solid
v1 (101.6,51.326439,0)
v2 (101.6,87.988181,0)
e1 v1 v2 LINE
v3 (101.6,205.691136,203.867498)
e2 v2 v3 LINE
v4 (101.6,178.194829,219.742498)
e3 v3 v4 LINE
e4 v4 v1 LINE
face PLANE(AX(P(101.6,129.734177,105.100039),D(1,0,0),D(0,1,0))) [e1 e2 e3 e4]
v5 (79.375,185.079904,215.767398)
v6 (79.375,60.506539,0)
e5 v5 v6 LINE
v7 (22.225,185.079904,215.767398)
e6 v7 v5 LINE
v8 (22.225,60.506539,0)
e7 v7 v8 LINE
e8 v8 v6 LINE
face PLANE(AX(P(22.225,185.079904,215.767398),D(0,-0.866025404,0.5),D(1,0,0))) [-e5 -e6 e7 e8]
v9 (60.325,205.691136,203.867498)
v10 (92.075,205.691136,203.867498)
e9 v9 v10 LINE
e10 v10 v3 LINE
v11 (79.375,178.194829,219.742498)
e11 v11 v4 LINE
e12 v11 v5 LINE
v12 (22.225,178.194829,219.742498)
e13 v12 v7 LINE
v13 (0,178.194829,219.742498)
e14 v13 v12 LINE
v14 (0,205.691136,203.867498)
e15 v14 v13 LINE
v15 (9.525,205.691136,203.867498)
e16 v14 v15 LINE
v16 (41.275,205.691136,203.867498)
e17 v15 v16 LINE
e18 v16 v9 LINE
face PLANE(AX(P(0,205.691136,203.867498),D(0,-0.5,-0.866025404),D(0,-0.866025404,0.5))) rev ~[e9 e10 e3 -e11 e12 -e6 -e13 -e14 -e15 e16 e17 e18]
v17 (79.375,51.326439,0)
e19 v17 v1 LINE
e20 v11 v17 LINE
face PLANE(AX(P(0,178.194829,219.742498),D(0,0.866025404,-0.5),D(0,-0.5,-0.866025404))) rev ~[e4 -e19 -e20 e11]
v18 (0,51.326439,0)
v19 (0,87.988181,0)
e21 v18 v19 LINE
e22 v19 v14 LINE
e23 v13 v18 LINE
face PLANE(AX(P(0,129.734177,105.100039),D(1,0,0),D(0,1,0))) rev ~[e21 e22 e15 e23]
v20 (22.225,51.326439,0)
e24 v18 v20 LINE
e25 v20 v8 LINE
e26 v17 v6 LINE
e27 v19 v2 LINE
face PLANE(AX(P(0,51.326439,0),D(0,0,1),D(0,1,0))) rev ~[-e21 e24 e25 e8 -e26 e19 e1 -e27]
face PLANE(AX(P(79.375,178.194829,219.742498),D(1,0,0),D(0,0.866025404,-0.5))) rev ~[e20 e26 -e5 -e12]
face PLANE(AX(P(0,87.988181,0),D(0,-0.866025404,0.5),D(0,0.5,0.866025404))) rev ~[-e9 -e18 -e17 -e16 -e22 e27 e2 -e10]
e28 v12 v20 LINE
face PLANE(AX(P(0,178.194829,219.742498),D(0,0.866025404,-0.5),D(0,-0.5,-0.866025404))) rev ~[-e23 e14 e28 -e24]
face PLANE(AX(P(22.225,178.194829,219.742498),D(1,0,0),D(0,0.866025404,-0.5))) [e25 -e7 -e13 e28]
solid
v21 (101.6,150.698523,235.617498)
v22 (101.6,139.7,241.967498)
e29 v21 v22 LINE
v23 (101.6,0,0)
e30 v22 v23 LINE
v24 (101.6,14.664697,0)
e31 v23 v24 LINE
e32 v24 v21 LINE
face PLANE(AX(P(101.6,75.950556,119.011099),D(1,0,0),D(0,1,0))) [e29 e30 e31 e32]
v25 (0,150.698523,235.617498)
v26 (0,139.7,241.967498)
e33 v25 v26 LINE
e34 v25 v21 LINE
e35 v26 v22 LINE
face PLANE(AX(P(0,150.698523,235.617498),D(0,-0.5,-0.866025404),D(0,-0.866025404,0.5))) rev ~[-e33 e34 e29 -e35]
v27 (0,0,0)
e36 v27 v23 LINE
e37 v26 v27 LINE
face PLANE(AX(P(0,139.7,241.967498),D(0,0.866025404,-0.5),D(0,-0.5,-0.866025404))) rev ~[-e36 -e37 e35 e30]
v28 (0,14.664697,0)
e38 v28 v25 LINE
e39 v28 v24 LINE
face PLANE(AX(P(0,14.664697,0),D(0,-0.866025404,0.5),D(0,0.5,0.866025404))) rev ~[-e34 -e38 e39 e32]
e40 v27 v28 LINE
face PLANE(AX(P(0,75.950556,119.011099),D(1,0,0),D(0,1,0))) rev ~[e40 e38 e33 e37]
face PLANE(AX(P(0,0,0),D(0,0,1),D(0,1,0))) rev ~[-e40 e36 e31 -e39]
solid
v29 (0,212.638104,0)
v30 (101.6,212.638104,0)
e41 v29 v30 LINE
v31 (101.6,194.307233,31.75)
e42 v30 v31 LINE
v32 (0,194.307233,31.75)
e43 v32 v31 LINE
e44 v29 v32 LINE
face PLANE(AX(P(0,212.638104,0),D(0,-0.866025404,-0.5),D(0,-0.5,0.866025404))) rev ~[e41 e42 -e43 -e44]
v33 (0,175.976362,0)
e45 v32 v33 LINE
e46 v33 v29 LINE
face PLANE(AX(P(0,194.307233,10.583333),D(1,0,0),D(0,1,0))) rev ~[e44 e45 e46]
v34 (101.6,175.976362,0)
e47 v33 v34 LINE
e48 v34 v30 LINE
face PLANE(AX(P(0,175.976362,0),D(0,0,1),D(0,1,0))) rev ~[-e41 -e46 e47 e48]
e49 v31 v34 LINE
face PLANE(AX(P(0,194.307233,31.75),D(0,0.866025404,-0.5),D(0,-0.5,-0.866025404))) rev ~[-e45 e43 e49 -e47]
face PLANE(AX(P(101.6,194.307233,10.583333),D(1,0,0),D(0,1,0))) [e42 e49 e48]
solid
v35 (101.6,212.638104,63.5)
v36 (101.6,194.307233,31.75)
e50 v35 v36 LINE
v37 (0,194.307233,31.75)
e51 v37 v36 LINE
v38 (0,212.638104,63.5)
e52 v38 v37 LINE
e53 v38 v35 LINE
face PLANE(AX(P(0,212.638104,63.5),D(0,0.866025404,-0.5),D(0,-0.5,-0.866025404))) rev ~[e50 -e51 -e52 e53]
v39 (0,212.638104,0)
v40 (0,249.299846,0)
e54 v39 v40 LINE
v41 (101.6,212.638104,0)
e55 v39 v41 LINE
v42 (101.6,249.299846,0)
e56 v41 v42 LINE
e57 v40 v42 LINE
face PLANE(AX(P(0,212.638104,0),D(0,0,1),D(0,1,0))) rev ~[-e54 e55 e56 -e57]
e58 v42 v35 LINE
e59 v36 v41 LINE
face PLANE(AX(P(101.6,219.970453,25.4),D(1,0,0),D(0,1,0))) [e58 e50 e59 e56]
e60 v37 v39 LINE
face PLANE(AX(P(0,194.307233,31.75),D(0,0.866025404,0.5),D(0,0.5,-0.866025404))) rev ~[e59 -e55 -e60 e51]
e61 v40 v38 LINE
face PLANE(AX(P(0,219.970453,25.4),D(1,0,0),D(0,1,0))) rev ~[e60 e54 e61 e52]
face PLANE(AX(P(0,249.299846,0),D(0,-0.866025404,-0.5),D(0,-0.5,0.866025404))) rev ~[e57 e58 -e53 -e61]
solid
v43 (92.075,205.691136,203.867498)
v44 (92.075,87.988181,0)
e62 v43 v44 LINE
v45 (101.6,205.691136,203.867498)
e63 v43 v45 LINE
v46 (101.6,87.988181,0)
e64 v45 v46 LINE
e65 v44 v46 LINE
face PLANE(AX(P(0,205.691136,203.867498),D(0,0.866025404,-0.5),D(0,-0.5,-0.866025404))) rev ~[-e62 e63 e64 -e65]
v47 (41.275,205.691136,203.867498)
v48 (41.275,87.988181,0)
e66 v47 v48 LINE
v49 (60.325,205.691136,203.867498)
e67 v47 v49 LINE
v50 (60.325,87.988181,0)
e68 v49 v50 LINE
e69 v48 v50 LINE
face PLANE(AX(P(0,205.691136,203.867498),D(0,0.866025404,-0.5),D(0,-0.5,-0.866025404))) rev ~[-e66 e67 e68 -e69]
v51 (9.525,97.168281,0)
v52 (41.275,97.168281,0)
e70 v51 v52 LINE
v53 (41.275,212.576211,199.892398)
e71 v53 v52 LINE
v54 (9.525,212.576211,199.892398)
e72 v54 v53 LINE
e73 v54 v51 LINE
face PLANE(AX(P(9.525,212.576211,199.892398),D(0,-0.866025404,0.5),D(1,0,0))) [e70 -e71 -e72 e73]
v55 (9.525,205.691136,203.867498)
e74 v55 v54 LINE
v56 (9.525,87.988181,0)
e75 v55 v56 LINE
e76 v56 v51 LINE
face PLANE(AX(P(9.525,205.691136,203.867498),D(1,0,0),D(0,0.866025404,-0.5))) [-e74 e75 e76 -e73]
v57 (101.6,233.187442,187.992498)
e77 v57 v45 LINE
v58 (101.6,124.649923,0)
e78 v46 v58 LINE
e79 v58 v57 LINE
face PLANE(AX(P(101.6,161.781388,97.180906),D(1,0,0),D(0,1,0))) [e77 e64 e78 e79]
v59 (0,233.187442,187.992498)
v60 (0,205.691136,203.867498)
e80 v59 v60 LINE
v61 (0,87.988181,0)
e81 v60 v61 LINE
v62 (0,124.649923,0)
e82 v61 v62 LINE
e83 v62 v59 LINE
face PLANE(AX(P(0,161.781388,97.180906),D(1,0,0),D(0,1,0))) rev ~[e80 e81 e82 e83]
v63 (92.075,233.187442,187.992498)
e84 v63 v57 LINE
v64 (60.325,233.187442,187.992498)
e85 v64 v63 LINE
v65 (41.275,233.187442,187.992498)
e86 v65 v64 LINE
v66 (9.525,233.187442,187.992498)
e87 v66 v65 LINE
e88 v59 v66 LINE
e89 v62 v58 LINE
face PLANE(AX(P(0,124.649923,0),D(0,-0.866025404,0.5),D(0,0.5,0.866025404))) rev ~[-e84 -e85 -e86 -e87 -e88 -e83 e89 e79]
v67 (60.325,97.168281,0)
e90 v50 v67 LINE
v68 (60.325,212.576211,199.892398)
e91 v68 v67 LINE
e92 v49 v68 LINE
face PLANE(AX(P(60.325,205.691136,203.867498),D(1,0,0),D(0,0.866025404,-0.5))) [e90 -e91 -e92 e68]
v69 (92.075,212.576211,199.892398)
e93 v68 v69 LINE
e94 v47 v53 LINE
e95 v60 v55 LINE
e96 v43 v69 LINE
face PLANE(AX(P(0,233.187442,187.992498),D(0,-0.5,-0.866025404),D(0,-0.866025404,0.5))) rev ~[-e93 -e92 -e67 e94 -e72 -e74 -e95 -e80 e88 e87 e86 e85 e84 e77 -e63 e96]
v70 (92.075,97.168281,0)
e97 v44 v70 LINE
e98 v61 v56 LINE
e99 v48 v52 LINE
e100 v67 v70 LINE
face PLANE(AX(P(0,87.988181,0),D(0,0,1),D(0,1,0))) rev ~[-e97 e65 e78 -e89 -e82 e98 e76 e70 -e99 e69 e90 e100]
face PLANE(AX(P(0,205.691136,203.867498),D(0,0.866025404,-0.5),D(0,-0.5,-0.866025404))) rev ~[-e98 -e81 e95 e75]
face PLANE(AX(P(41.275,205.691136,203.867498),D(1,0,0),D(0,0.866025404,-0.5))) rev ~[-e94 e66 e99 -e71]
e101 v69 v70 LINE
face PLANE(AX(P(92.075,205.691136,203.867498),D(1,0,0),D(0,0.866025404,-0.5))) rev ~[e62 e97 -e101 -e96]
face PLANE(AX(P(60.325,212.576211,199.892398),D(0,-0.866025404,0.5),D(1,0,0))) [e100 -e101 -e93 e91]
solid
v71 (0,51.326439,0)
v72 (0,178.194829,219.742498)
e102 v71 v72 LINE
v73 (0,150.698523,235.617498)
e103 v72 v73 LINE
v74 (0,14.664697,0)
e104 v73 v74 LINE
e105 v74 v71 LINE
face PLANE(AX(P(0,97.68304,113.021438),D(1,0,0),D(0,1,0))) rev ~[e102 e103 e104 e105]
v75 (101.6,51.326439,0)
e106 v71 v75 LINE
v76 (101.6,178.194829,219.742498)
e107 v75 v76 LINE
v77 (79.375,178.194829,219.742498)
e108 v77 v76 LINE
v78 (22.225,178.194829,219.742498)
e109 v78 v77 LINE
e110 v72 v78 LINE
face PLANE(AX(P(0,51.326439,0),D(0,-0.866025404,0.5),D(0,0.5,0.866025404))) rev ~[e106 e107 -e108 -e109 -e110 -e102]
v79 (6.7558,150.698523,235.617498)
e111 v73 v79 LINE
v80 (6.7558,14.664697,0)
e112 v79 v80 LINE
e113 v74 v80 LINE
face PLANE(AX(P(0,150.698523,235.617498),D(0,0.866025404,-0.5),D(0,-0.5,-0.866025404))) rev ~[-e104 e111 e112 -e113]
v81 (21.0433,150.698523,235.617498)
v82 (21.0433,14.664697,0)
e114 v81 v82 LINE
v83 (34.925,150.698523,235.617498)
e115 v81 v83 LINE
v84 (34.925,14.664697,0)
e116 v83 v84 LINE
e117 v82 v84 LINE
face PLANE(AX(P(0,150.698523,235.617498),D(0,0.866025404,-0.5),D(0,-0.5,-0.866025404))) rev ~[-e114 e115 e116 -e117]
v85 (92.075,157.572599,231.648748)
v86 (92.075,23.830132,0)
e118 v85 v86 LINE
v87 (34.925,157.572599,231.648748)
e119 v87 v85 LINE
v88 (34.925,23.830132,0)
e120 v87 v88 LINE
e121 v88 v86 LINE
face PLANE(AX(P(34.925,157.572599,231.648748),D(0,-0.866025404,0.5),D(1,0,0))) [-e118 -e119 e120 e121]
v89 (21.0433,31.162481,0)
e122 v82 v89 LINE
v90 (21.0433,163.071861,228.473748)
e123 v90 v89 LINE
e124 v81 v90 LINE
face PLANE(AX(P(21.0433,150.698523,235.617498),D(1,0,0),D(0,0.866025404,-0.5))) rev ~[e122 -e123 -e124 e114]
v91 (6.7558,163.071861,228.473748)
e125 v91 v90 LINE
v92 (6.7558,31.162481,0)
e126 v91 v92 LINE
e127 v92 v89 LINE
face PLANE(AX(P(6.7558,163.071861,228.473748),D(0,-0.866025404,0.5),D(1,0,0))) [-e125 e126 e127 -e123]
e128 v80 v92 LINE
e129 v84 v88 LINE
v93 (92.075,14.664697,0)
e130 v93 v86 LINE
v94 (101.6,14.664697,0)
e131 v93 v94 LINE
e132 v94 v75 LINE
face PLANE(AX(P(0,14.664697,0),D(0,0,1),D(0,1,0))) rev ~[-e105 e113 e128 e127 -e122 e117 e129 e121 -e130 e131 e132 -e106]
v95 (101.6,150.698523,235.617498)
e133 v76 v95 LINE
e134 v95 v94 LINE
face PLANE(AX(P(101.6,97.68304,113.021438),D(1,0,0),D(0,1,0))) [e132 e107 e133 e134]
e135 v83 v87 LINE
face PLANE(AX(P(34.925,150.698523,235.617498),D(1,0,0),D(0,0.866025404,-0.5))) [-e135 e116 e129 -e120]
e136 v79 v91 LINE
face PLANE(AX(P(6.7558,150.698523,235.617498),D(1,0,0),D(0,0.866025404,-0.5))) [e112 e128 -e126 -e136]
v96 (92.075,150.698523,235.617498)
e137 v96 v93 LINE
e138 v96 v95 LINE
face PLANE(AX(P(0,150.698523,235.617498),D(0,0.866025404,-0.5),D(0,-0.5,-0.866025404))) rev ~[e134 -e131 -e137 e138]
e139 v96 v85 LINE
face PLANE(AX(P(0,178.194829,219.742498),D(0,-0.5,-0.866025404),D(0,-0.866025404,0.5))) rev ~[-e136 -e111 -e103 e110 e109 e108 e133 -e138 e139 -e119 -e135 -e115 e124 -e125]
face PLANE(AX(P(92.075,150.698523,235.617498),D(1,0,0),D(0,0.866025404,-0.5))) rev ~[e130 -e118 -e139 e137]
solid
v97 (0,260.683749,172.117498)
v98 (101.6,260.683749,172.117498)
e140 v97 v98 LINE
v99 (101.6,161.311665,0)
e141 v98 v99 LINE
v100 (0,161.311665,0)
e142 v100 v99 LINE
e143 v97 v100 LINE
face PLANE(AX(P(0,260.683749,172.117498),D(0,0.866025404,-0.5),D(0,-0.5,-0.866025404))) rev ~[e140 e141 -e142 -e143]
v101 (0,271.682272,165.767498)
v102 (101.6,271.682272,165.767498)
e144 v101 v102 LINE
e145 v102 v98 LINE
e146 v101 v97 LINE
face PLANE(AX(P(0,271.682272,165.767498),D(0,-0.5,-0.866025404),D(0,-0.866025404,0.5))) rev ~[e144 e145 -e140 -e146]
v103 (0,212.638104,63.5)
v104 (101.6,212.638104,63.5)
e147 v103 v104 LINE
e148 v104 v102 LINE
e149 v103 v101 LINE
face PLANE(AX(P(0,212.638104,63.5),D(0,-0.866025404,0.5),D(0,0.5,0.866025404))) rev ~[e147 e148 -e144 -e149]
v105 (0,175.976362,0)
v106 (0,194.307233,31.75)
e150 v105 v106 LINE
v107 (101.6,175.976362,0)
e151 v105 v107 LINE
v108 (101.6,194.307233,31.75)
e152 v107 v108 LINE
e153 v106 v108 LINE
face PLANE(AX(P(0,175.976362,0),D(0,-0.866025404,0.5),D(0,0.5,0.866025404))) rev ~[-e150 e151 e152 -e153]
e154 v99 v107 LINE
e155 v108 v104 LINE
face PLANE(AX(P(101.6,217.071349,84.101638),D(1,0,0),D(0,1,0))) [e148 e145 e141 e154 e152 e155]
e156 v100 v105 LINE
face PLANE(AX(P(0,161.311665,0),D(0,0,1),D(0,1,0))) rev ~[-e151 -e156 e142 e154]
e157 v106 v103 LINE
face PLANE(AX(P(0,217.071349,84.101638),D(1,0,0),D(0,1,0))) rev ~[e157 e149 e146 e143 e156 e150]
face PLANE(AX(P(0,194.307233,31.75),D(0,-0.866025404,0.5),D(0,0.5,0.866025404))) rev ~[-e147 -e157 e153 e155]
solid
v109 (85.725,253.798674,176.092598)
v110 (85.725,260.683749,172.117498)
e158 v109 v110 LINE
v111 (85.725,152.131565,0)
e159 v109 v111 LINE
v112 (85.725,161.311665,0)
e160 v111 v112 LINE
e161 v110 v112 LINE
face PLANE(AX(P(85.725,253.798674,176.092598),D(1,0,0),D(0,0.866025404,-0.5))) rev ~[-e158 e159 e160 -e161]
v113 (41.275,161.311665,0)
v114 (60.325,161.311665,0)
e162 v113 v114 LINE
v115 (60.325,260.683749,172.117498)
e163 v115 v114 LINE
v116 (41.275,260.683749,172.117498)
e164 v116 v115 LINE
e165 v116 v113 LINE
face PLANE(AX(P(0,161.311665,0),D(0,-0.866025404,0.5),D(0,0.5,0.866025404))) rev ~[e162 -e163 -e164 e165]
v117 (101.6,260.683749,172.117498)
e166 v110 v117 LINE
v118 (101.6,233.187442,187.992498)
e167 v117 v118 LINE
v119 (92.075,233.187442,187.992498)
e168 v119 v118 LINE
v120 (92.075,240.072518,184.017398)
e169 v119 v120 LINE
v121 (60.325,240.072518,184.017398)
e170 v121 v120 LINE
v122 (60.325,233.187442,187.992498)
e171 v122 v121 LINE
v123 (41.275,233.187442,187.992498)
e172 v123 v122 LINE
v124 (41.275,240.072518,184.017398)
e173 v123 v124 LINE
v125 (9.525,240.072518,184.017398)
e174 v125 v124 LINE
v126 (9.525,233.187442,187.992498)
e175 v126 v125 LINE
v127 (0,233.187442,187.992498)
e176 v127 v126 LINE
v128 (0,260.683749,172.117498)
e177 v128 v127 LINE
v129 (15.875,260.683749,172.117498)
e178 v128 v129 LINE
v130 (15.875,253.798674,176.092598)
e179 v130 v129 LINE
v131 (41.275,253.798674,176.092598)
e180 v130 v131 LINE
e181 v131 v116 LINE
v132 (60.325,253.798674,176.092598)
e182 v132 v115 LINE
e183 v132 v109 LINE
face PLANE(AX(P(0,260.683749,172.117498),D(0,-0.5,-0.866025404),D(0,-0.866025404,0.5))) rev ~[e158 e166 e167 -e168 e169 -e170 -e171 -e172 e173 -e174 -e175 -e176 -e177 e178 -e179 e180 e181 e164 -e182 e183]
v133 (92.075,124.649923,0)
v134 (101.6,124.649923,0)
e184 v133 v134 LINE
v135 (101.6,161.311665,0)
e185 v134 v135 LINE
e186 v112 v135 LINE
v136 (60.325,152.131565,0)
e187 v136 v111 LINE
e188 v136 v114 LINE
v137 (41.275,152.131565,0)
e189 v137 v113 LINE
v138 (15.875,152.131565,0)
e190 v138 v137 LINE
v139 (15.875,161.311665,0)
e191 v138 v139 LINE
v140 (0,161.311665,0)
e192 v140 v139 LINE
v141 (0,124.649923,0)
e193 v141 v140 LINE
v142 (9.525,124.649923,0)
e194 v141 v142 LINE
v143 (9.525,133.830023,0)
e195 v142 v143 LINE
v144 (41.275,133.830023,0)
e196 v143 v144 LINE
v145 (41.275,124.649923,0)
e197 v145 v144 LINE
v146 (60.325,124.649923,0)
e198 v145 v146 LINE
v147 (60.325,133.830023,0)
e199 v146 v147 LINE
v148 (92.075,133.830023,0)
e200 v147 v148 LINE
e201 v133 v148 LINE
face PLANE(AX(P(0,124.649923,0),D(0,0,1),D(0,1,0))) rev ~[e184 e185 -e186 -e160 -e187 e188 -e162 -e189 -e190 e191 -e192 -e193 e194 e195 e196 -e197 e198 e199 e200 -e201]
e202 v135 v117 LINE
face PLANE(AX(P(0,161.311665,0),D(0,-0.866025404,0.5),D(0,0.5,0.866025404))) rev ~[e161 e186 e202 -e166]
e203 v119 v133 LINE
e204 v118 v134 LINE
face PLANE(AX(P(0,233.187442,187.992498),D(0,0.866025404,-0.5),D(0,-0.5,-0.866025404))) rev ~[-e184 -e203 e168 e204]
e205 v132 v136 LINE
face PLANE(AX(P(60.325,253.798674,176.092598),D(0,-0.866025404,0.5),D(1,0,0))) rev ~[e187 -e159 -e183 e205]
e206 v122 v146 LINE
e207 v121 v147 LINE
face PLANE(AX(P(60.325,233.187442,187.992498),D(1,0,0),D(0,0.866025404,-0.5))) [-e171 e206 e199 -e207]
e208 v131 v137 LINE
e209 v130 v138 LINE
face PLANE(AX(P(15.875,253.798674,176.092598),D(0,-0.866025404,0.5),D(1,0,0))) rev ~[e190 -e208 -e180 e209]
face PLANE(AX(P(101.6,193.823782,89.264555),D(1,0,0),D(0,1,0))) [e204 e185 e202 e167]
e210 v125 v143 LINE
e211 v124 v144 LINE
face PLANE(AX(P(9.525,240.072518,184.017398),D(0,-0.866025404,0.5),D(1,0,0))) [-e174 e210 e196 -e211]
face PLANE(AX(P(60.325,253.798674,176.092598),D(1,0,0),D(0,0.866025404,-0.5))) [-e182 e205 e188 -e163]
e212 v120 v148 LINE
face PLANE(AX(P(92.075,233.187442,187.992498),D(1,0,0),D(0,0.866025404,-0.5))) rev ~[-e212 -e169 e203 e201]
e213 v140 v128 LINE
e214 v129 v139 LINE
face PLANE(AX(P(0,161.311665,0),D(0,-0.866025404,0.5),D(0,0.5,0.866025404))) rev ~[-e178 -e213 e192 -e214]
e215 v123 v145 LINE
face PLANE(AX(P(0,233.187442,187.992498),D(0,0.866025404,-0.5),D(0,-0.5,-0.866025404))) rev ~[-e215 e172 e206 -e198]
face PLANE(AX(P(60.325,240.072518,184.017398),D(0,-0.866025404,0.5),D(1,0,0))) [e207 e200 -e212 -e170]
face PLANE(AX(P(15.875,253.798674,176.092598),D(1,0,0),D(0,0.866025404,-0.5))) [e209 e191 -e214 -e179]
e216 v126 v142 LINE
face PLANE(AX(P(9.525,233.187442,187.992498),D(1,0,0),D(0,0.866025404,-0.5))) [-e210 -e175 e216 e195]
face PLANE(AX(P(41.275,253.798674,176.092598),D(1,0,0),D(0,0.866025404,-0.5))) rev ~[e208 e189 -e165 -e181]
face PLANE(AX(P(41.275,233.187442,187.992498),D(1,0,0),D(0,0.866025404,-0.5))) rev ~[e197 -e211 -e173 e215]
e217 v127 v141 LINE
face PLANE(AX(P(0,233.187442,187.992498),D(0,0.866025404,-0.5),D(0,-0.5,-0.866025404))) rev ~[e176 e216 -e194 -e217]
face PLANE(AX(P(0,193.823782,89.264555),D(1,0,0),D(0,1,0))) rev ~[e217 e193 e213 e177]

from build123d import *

# Parameters (mm, degrees)
F1_DEPTH  = 101.6
F2_DEPTH  = 101.6
F3_DEPTH  = 101.6
F4_DEPTH  = 101.6
F5_DEPTH  = 101.6
F6_DEPTH  = 101.6
F7_DEPTH  = 101.6
F8_DEPTH  = 101.6
F9_W      = 57.15
F9_H      = 7.9375
F9_W_2    = 14.2875
F9_H_2    = 14.2875
F9_H_3    = 7.9502
F9_W_3    = 31.75
F9_W_4    = 25.4
F10_DEPTH = 279.401


with BuildPart() as f1:
    # F0 (on Right) → F1 (new body)
    with BuildSketch(Plane.YZ):
        Polygon((139.7, 241.9674978174), (0, 0), (14.6646968374, 0), (150.6985226281, 235.6174978174), align=None)
    extrude(amount=F1_DEPTH)


with BuildPart() as f2:
    # F0 (on Right) → F2 (new body)
    with BuildSketch(Plane.YZ):
        Polygon((150.6985226281, 235.6174978174), (14.6646968374, 0), (51.326438931, 0), (178.1948291982, 219.7424978174), align=None)
    extrude(amount=F2_DEPTH)


with BuildPart() as f3:
    # F0 (on Right) → F3 (new body)
    with BuildSketch(Plane.YZ):
        Polygon((178.1948291982, 219.7424978174), (51.326438931, 0), (87.9881810245, 0), (205.6911357684, 203.8674978174), align=None)
    extrude(amount=F3_DEPTH)


with BuildPart() as f4:
    # F0 (on Right) → F4 (new body)
    with BuildSketch(Plane.YZ):
        Polygon((205.6911357684, 203.8674978174), (87.9881810245, 0), (124.649923118, 0), (233.1874423385, 187.9924978174), align=None)
    extrude(amount=F4_DEPTH)


with BuildPart() as f5:
    # F0 (on Right) → F5 (new body)
    with BuildSketch(Plane.YZ):
        Polygon((233.1874423385, 187.9924978174), (124.649923118, 0), (161.3116652116, 0), (260.6837489087, 172.1174978174), align=None)
    extrude(amount=F5_DEPTH)


with BuildPart() as f6:
    # F0 (on Right) → F6 (new body)
    with BuildSketch(Plane.YZ):
        Polygon((260.6837489087, 172.1174978174), (161.3116652116, 0), (175.976362049, 0), (194.3072330958, 31.75), (212.6381041425, 63.5), (271.6822715367, 165.7674978174), align=None)
    extrude(amount=F6_DEPTH)


with BuildPart() as f7:
    # F0 (on Right) → F7 (new body)
    with BuildSketch(Plane.YZ):
        Polygon((194.3072330958, 31.75), (175.976362049, 0), (212.6381041425, 0), align=None)
    extrude(amount=F7_DEPTH)


with BuildPart() as f8:
    # F0 (on Right) → F8 (new body)
    with BuildSketch(Plane.YZ):
        Polygon((212.6381041425, 63.5), (194.3072330958, 31.75), (212.6381041425, 0), (249.2998462361, 0), align=None)
    extrude(amount=F8_DEPTH)


with BuildPart() as f10_tool:
    # F9 (on face) → F10 (new body, through all)
    with BuildSketch(Plane(origin=(0, 139.7, 241.9674978174), x_dir=(1, 0, 0), z_dir=(0, 0.5, 0.8660254038))):
        with Locations((63.5, 16.66875)):
            Rectangle(F9_W, F9_H)
        with Locations((13.8995504521, 19.84375)):
            Rectangle(F9_W_2, F9_H_2)
        with Locations((50.8, 48.4251)):
            Rectangle(F9_W, F9_H_3)
        with Locations((76.2, 111.9251)):
            Rectangle(F9_W_3, F9_H_3)
        with Locations((25.4, 111.9251)):
            Rectangle(F9_W_3, F9_H_3)
        with Locations((73.025, 135.7249)):
            Rectangle(F9_W_4, F9_H_3)
        with Locations((28.575, 135.7249)):
            Rectangle(F9_W_4, F9_H_3)
        with Locations((76.2, 80.1751)):
            Rectangle(F9_W_3, F9_H_3)
        with Locations((25.4, 80.1751)):
            Rectangle(F9_W_3, F9_H_3)
    extrude(amount=-F10_DEPTH)


with BuildPart() as f2_1:
    add(f2.part)

    # F10: cut by f10_tool
    add(f10_tool.part, mode=Mode.SUBTRACT)


with BuildPart() as f3_1:
    add(f3.part)

    # F10: cut by f10_tool
    add(f10_tool.part, mode=Mode.SUBTRACT)


with BuildPart() as f4_1:
    add(f4.part)

    # F10: cut by f10_tool
    add(f10_tool.part, mode=Mode.SUBTRACT)


with BuildPart() as f5_1:
    add(f5.part)

    # F10: cut by f10_tool
    add(f10_tool.part, mode=Mode.SUBTRACT)


solid = Compound([f1.part, f6.part, f7.part, f8.part, f2_1.part, f3_1.part, f4_1.part, f5_1.part])
